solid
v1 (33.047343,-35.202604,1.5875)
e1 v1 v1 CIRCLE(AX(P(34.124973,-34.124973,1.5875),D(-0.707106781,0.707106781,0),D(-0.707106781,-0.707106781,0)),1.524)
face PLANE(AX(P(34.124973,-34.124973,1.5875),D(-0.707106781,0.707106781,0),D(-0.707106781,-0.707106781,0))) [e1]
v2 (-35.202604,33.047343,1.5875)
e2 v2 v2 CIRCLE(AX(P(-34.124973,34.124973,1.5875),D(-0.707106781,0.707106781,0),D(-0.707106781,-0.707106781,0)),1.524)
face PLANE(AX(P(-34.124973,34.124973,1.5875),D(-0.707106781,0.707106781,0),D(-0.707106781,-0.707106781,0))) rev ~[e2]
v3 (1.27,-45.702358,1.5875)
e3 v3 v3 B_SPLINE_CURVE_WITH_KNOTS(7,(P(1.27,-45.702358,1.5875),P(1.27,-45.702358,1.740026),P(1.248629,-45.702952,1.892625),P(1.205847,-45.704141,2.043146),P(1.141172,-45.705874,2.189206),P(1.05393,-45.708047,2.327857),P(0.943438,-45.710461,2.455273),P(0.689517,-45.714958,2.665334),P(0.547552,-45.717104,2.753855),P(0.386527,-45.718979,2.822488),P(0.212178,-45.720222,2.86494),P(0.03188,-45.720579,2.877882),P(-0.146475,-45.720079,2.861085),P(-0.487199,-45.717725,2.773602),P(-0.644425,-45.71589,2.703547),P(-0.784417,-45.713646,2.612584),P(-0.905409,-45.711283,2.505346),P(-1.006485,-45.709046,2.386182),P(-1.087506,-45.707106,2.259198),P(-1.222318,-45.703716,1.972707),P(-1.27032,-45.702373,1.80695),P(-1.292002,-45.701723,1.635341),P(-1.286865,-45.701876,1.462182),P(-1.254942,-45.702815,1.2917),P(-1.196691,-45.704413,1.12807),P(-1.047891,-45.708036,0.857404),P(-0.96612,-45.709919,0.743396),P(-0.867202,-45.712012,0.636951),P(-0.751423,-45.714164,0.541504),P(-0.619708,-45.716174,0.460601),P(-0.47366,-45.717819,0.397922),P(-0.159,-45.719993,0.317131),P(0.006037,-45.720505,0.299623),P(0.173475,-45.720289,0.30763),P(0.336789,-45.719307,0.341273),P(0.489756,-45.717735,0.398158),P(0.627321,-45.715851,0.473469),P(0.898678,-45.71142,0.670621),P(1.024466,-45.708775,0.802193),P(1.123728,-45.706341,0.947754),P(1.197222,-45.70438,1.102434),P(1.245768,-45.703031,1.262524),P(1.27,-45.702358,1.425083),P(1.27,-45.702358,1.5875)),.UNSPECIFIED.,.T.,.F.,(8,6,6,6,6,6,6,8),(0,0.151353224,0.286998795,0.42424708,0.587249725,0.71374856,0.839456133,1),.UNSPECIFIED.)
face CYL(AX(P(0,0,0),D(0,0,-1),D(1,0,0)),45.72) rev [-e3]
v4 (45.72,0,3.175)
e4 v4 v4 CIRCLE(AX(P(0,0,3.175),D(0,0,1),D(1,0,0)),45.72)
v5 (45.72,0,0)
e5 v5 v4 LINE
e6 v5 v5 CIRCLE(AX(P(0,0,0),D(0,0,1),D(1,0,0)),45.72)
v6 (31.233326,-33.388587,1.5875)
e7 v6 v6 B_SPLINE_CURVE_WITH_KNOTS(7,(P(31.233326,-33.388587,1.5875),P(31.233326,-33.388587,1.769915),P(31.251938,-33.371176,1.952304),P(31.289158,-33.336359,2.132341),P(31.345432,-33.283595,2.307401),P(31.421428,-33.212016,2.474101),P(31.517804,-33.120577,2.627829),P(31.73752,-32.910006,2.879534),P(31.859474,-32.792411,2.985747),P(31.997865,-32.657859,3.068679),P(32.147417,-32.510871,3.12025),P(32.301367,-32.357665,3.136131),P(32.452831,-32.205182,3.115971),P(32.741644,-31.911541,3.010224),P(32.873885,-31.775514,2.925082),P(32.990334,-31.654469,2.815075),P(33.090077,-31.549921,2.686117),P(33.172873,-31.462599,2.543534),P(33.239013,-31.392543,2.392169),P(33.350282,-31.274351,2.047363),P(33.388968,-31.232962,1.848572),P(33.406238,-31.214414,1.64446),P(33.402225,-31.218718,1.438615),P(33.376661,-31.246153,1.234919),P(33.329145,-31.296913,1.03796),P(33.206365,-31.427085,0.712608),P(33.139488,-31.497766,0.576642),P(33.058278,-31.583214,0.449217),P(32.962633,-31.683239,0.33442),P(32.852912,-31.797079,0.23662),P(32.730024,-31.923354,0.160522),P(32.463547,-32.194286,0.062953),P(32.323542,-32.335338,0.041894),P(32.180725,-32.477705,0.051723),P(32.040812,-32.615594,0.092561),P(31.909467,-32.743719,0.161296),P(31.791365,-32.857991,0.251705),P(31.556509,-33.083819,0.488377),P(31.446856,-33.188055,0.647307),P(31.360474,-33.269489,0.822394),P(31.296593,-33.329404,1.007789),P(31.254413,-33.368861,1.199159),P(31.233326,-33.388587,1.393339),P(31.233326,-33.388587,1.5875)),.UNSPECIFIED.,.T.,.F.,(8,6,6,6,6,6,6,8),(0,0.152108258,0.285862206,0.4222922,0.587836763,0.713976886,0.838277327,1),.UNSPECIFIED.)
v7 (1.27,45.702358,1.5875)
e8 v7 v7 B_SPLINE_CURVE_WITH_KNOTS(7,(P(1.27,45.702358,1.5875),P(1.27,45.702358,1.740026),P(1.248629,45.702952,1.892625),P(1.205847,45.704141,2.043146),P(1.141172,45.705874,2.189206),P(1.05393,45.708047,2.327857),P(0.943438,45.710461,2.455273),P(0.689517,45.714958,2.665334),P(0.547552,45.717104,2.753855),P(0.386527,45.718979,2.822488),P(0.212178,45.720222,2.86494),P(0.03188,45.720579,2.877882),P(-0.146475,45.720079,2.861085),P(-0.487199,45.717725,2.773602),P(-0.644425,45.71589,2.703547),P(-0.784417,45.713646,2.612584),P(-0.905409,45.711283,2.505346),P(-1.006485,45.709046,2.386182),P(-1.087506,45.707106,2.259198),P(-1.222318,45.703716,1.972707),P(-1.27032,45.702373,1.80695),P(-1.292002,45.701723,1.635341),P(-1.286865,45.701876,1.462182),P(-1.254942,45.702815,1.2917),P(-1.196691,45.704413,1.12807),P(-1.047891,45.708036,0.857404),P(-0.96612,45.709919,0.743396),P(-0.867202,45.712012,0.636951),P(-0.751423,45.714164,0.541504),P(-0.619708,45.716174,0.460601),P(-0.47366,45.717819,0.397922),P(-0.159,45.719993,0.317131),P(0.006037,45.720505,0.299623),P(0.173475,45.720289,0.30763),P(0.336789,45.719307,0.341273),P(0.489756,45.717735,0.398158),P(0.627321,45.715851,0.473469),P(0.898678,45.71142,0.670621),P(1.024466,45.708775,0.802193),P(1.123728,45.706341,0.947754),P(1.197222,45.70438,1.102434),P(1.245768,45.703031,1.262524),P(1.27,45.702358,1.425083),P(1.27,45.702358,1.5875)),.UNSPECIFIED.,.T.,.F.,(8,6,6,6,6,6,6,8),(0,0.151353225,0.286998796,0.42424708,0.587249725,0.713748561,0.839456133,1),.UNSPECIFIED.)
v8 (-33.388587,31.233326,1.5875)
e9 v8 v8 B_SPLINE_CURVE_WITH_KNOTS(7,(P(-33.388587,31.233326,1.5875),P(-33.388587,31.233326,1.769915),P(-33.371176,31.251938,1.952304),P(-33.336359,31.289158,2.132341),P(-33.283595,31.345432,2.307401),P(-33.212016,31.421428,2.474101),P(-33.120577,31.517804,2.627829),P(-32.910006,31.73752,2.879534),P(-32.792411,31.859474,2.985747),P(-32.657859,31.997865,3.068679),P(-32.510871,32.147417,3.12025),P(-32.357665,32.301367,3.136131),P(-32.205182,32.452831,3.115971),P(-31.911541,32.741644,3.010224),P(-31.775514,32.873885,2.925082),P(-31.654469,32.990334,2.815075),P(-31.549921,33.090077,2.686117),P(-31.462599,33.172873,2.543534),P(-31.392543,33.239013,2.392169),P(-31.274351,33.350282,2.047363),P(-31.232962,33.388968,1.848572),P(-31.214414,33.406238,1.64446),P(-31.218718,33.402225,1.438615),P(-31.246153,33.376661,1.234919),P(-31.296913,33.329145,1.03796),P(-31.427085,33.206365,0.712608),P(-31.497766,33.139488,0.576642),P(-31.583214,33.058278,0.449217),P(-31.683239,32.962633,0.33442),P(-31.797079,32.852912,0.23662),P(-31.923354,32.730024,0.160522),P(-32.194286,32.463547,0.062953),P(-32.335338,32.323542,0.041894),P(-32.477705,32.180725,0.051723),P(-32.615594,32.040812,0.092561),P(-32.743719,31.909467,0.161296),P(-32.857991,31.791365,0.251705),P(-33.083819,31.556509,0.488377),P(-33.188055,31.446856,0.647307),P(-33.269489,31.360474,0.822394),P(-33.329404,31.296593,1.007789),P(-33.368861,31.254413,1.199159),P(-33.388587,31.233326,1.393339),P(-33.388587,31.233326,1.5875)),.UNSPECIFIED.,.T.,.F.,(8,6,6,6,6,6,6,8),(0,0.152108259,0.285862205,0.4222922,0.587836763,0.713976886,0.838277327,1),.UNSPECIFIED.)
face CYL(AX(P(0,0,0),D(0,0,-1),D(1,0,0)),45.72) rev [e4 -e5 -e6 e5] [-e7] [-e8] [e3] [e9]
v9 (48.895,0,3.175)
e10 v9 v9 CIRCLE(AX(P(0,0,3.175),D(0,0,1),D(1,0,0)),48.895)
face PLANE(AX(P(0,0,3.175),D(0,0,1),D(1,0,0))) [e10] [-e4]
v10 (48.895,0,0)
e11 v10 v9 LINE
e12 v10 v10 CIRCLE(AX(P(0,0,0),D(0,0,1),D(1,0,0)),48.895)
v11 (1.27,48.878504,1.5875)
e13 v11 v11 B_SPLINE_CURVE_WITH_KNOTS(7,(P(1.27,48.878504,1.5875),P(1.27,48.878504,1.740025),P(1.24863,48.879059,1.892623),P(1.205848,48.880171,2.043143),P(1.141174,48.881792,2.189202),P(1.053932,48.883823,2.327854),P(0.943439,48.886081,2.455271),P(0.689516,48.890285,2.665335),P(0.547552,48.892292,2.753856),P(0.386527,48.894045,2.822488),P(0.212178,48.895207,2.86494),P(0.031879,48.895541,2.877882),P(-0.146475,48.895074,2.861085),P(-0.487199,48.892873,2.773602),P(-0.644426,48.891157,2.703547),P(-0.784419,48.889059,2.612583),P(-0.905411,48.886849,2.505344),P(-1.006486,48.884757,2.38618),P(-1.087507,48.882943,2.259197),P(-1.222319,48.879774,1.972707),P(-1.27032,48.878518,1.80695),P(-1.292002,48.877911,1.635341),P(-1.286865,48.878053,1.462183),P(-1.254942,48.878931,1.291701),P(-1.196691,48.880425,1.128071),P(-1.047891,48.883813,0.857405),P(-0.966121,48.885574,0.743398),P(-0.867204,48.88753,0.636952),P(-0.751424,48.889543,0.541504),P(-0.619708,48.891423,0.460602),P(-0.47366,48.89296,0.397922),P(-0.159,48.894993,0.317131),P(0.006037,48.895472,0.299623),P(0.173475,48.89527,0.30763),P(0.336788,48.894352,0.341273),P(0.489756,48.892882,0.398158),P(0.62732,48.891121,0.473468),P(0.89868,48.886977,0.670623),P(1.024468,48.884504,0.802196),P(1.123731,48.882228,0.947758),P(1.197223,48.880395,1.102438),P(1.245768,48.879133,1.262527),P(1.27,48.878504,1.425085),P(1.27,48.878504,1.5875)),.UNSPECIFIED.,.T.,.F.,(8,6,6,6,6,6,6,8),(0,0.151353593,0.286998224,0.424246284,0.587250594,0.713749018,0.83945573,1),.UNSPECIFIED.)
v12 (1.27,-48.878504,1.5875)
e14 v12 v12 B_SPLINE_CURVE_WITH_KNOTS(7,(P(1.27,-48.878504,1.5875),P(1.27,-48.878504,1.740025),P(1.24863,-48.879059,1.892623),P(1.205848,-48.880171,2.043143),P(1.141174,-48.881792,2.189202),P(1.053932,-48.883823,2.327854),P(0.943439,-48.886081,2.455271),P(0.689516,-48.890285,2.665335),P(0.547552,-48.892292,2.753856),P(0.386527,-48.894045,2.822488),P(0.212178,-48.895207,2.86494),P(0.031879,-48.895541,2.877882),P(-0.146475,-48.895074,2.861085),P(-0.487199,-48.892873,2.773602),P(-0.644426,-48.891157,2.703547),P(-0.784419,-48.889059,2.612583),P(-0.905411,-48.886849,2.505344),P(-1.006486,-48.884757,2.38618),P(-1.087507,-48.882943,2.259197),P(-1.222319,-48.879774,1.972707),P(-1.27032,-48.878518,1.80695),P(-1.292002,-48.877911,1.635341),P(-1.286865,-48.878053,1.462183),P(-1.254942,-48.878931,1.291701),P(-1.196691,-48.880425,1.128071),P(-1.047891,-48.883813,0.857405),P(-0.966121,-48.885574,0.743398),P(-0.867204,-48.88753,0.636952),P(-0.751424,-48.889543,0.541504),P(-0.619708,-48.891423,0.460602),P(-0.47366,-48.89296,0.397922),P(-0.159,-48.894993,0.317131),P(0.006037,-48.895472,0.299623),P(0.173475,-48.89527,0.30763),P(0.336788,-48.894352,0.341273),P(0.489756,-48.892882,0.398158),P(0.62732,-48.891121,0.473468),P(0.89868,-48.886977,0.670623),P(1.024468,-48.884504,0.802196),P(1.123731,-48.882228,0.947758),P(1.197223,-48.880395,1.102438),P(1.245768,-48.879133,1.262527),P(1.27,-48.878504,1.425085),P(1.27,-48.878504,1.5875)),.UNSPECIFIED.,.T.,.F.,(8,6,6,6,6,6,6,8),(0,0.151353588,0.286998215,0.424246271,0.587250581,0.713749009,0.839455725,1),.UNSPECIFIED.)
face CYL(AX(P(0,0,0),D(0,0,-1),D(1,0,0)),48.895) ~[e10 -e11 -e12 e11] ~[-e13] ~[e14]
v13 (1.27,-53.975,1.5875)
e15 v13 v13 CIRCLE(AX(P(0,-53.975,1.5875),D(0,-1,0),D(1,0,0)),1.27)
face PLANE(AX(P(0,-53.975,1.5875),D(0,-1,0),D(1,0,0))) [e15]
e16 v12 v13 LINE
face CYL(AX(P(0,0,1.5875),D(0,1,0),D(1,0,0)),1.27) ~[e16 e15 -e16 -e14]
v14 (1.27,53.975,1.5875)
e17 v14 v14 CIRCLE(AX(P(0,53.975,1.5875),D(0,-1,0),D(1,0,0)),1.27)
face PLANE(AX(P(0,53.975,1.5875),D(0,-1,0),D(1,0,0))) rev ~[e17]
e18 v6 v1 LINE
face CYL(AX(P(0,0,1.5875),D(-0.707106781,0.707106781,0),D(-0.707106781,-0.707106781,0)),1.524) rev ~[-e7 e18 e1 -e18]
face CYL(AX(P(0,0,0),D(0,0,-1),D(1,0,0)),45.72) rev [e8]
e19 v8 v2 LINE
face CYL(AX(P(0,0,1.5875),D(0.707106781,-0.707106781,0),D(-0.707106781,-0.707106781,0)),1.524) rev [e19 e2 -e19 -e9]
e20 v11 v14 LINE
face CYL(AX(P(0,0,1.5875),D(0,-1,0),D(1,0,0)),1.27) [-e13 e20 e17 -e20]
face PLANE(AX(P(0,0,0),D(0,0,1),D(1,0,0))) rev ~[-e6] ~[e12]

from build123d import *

# Parameters (mm, degrees)
F0_R           = 48.895
F0_R_2         = 45.72
F1_DEPTH       = 3.175
F2_R           = 1.27
F3_DEPTH       = 53.975
F3_DEPTH_BACK  = 53.975
F4_R           = 45.72
F5_DEPTH       = 25.4
F9_R           = 1.524
F10_DEPTH      = 48.26
F10_DEPTH_BACK = 48.26


with BuildPart() as f1:
    # F0 (on Top) → F1 (new body)
    with BuildSketch(Plane.XY):
        Circle(F0_R)
        Circle(F0_R_2, mode=Mode.SUBTRACT)
    extrude(amount=F1_DEPTH)

    # F2 (on Front) → F3 (join, two sides)
    with BuildSketch(Plane.XZ) as f3_sk:
        with Locations((0, 1.5875)):
            Circle(F2_R)
    extrude(amount=F3_DEPTH)
    extrude(f3_sk.sketch, amount=-F3_DEPTH_BACK)

    # F4 (on Top) → F5 (cut)
    with BuildSketch(Plane.XY):
        Circle(F4_R)
    extrude(amount=F5_DEPTH, mode=Mode.SUBTRACT)

    # F9 (on face) → F10 (cut, two sides)
    with BuildSketch(Plane(origin=(0, 0, 0), x_dir=(-0.7071067812, -0.7071067812, 0), z_dir=(-0.7071067812, 0.7071067812, 0))) as f10_sk:
        with Locations((0, 1.5875)):
            Circle(F9_R)
    extrude(amount=-F10_DEPTH, mode=Mode.SUBTRACT)
    extrude(f10_sk.sketch, amount=F10_DEPTH_BACK, mode=Mode.SUBTRACT)


solid = f1.part
